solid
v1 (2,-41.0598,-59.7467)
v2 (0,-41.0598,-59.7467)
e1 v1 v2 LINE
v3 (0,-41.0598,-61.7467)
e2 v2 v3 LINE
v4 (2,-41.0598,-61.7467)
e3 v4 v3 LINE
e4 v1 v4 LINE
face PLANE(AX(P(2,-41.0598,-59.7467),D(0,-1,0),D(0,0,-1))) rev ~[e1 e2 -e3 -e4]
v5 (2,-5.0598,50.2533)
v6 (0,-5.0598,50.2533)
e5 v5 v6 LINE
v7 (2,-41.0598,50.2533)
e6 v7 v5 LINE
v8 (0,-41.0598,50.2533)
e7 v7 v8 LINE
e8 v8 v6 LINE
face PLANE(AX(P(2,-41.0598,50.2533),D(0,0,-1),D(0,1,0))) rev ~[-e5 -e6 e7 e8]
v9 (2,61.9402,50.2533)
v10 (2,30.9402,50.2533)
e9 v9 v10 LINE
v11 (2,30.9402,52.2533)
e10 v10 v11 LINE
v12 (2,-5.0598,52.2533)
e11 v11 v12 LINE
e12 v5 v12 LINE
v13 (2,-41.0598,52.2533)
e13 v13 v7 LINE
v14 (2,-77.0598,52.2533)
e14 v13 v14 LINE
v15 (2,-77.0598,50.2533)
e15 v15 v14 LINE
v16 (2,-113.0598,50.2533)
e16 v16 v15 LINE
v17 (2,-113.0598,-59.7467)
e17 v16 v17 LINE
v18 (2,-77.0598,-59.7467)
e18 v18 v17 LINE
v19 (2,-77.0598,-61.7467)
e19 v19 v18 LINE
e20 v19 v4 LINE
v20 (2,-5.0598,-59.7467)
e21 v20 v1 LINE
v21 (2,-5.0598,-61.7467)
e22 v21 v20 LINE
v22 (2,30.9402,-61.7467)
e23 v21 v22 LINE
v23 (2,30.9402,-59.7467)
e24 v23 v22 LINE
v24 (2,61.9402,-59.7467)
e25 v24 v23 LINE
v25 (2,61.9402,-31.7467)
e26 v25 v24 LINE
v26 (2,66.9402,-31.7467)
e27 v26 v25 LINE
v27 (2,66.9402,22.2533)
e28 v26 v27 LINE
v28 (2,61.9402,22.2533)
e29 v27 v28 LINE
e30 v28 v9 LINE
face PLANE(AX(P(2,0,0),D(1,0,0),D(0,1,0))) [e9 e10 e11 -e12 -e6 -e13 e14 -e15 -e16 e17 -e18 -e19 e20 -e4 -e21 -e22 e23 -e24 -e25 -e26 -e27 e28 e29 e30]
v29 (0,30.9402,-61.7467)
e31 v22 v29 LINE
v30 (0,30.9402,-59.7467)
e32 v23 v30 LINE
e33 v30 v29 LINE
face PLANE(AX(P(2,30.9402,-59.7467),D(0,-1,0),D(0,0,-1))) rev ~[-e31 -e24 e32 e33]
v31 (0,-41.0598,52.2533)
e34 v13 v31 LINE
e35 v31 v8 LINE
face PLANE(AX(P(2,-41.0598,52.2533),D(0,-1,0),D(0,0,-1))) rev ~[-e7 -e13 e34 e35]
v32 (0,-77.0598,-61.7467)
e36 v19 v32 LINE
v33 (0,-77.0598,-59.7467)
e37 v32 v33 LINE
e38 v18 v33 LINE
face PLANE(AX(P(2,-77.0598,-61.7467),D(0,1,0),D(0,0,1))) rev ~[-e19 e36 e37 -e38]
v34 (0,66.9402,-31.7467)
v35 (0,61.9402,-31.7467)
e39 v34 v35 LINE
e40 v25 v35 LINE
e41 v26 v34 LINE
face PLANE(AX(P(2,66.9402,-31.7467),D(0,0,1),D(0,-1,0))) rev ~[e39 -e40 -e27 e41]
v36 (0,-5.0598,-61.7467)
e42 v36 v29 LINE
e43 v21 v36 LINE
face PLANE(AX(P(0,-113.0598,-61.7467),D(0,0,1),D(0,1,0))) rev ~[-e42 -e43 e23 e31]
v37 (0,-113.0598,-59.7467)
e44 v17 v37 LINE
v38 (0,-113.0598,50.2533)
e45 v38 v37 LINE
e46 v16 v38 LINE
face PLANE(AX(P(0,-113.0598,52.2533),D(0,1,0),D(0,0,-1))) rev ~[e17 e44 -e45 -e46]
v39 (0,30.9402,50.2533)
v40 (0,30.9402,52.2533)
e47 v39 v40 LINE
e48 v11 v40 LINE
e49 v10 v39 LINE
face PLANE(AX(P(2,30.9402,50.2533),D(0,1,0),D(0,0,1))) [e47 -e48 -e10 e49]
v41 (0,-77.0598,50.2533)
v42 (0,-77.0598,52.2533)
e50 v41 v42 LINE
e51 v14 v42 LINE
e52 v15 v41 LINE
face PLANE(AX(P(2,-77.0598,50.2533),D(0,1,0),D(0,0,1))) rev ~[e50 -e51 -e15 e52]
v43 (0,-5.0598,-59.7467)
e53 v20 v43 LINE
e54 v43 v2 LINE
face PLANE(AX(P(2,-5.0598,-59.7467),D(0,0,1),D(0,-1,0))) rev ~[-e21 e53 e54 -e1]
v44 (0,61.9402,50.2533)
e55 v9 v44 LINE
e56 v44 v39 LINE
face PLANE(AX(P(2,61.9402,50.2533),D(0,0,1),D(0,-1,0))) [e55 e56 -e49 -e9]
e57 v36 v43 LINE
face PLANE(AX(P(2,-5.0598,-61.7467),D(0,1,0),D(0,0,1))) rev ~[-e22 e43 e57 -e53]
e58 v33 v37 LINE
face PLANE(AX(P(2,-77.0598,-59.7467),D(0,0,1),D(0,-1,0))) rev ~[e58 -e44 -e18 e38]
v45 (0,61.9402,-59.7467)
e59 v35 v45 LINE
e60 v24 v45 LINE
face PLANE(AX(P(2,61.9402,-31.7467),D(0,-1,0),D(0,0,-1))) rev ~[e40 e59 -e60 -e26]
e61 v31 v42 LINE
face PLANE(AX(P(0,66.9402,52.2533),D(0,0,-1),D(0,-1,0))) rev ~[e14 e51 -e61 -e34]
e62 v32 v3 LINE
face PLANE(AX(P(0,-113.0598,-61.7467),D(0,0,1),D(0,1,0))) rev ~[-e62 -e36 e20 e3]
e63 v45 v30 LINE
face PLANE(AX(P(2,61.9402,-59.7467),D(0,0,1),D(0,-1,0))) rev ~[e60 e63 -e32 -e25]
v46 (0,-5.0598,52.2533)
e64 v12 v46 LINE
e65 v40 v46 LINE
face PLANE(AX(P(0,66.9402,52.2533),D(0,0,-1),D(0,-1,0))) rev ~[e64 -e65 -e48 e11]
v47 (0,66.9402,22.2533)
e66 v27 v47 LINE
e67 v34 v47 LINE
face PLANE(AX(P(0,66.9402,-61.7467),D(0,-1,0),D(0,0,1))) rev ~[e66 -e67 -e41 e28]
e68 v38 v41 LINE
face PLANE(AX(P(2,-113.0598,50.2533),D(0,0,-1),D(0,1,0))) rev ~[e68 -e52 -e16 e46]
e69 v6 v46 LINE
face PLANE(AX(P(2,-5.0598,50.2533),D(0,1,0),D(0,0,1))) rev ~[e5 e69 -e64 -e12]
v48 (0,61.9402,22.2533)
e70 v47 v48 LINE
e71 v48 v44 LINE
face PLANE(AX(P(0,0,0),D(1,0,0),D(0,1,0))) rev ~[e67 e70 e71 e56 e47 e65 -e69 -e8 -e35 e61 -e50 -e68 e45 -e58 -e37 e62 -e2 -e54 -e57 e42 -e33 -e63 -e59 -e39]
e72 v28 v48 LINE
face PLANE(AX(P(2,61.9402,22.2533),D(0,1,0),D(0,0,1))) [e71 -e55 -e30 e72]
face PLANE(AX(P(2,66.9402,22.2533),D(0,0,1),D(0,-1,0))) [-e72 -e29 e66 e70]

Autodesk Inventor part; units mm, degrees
ref_plane "YZ Plane" through (0, 0, 0) normal (1, 0, 0) x (0, 1, 0)
ref_plane "XZ Plane" through (0, 0, 0) normal (0, 1, 0) x (-1, 0, 0)
ref_plane "XY Plane" through (0, 0, 0) normal (0, 0, 1) x (1, 0, 0)
sketch "Sketch1" plane through (0, 0, 0) normal (1, 0, 0) x (0, 1, 0)
  line L0 (66.9402, 52.2533) -> (-113.0598, 52.2533)
  line L1 (-113.0598, 52.2533) -> (-113.0598, -61.7467)
  line L2 (-113.0598, -61.7467) -> (66.9402, -61.7467)
  line L3 (66.9402, -61.7467) -> (66.9402, 52.2533)
  point P0 (0, 0)
  dimension "d0" = 114
  dimension "d1" = 180
extrude "Extrusion1" add sketch "Sketch1" along normal blind 2
sketch "Sketch2" plane through (2, 0, 0) normal (1, 0, 0) x (0, 0, -1)
  line L0 (61.7467, 66.9402) -> (-52.2533, 66.9402) projected
  line L1 (-52.2533, 66.9402) -> (-22.2533, 66.9402)
  line L2 (-22.2533, 66.9402) -> (-22.2533, 61.9402)
  line L3 (-22.2533, 61.9402) -> (-52.2533, 61.9402)
  line L4 (-52.2533, 61.9402) -> (-52.2533, 66.9402)
  line L5 (61.7467, 66.9402) -> (31.7467, 66.9402)
  line L6 (31.7467, 66.9402) -> (31.7467, 61.9402)
  line L7 (31.7467, 61.9402) -> (61.7467, 61.9402)
  line L8 (61.7467, 61.9402) -> (61.7467, 66.9402)
  point P0 (0, 0)
  point P1 (31.7467, 66.9402)
  dimension "d4" = 30
  dimension "d5" = 30
  dimension "d6" = 5
extrude "Extrusion2" cut sketch "Sketch2" against normal blind 2
sketch "Sketch3" plane through (2, 0, 0) normal (1, 0, 0) x (0, 0, -1)
  line L0 (-52.2533, 61.9402) -> (-52.2533, -113.0598) projected
  line L1 (-52.2533, -113.0598) -> (-50.2533, -113.0598)
  line L2 (-50.2533, -113.0598) -> (-50.2533, -77.0598)
  line L3 (-50.2533, -77.0598) -> (-52.2533, -77.0598)
  line L4 (-52.2533, -77.0598) -> (-52.2533, -113.0598)
  line L5 (-52.2533, -41.0598) -> (-50.2533, -41.0598)
  line L6 (-50.2533, -41.0598) -> (-50.2533, -5.0598)
  line L7 (-50.2533, -5.0598) -> (-52.2533, -5.0598)
  line L8 (-52.2533, -5.0598) -> (-52.2533, -41.0598)
  line L9 (-52.2533, 61.9402) -> (-50.2533, 61.9402)
  line L10 (-50.2533, 61.9402) -> (-50.2533, 30.9402)
  line L11 (-50.2533, 30.9402) -> (-52.2533, 30.9402)
  line L12 (-52.2533, 30.9402) -> (-52.2533, 61.9402)
  line L13 (61.7467, 61.9402) -> (31.7467, 61.9402) projected
  line L14 (61.7467, 61.9402) -> (59.7467, 61.9402)
  line L15 (59.7467, 61.9402) -> (59.7467, 30.9402)
  line L16 (59.7467, 30.9402) -> (61.7467, 30.9402)
  line L17 (61.7467, 30.9402) -> (61.7467, 61.9402)
  line L18 (61.7467, -113.0598) -> (61.7467, 61.9402) projected
  line L19 (61.7467, -5.0598) -> (59.7467, -5.0598)
  line L20 (59.7467, -5.0598) -> (59.7467, -41.0598)
  line L21 (59.7467, -41.0598) -> (61.7467, -41.0598)
  line L22 (61.7467, -41.0598) -> (61.7467, -5.0598)
  line L23 (-52.2533, -113.0598) -> (61.7467, -113.0598) projected
  line L24 (61.7467, -77.0598) -> (59.7467, -77.0598)
  line L25 (59.7467, -77.0598) -> (59.7467, -113.0598)
  line L26 (59.7467, -113.0598) -> (61.7467, -113.0598)
  line L27 (61.7467, -113.0598) -> (61.7467, -77.0598)
  point P0 (0, 0)
  point P1 (60.7467, -77.0598)
  point P2 (60.7467, -41.0598)
  point P3 (60.7467, -5.0598)
  point P4 (60.7467, 30.9402)
  point P5 (61.7467, -41.0598)
  dimension "d9" = 2
  dimension "d10" = 2
  dimension "d11" = 36
  dimension "d12" = 36
  dimension "d13" = 36
  dimension "d14" = 36
  dimension "d15" = 36
extrude "Extrusion3" cut sketch "Sketch3" against normal blind 2
properties part number "inner_side"
